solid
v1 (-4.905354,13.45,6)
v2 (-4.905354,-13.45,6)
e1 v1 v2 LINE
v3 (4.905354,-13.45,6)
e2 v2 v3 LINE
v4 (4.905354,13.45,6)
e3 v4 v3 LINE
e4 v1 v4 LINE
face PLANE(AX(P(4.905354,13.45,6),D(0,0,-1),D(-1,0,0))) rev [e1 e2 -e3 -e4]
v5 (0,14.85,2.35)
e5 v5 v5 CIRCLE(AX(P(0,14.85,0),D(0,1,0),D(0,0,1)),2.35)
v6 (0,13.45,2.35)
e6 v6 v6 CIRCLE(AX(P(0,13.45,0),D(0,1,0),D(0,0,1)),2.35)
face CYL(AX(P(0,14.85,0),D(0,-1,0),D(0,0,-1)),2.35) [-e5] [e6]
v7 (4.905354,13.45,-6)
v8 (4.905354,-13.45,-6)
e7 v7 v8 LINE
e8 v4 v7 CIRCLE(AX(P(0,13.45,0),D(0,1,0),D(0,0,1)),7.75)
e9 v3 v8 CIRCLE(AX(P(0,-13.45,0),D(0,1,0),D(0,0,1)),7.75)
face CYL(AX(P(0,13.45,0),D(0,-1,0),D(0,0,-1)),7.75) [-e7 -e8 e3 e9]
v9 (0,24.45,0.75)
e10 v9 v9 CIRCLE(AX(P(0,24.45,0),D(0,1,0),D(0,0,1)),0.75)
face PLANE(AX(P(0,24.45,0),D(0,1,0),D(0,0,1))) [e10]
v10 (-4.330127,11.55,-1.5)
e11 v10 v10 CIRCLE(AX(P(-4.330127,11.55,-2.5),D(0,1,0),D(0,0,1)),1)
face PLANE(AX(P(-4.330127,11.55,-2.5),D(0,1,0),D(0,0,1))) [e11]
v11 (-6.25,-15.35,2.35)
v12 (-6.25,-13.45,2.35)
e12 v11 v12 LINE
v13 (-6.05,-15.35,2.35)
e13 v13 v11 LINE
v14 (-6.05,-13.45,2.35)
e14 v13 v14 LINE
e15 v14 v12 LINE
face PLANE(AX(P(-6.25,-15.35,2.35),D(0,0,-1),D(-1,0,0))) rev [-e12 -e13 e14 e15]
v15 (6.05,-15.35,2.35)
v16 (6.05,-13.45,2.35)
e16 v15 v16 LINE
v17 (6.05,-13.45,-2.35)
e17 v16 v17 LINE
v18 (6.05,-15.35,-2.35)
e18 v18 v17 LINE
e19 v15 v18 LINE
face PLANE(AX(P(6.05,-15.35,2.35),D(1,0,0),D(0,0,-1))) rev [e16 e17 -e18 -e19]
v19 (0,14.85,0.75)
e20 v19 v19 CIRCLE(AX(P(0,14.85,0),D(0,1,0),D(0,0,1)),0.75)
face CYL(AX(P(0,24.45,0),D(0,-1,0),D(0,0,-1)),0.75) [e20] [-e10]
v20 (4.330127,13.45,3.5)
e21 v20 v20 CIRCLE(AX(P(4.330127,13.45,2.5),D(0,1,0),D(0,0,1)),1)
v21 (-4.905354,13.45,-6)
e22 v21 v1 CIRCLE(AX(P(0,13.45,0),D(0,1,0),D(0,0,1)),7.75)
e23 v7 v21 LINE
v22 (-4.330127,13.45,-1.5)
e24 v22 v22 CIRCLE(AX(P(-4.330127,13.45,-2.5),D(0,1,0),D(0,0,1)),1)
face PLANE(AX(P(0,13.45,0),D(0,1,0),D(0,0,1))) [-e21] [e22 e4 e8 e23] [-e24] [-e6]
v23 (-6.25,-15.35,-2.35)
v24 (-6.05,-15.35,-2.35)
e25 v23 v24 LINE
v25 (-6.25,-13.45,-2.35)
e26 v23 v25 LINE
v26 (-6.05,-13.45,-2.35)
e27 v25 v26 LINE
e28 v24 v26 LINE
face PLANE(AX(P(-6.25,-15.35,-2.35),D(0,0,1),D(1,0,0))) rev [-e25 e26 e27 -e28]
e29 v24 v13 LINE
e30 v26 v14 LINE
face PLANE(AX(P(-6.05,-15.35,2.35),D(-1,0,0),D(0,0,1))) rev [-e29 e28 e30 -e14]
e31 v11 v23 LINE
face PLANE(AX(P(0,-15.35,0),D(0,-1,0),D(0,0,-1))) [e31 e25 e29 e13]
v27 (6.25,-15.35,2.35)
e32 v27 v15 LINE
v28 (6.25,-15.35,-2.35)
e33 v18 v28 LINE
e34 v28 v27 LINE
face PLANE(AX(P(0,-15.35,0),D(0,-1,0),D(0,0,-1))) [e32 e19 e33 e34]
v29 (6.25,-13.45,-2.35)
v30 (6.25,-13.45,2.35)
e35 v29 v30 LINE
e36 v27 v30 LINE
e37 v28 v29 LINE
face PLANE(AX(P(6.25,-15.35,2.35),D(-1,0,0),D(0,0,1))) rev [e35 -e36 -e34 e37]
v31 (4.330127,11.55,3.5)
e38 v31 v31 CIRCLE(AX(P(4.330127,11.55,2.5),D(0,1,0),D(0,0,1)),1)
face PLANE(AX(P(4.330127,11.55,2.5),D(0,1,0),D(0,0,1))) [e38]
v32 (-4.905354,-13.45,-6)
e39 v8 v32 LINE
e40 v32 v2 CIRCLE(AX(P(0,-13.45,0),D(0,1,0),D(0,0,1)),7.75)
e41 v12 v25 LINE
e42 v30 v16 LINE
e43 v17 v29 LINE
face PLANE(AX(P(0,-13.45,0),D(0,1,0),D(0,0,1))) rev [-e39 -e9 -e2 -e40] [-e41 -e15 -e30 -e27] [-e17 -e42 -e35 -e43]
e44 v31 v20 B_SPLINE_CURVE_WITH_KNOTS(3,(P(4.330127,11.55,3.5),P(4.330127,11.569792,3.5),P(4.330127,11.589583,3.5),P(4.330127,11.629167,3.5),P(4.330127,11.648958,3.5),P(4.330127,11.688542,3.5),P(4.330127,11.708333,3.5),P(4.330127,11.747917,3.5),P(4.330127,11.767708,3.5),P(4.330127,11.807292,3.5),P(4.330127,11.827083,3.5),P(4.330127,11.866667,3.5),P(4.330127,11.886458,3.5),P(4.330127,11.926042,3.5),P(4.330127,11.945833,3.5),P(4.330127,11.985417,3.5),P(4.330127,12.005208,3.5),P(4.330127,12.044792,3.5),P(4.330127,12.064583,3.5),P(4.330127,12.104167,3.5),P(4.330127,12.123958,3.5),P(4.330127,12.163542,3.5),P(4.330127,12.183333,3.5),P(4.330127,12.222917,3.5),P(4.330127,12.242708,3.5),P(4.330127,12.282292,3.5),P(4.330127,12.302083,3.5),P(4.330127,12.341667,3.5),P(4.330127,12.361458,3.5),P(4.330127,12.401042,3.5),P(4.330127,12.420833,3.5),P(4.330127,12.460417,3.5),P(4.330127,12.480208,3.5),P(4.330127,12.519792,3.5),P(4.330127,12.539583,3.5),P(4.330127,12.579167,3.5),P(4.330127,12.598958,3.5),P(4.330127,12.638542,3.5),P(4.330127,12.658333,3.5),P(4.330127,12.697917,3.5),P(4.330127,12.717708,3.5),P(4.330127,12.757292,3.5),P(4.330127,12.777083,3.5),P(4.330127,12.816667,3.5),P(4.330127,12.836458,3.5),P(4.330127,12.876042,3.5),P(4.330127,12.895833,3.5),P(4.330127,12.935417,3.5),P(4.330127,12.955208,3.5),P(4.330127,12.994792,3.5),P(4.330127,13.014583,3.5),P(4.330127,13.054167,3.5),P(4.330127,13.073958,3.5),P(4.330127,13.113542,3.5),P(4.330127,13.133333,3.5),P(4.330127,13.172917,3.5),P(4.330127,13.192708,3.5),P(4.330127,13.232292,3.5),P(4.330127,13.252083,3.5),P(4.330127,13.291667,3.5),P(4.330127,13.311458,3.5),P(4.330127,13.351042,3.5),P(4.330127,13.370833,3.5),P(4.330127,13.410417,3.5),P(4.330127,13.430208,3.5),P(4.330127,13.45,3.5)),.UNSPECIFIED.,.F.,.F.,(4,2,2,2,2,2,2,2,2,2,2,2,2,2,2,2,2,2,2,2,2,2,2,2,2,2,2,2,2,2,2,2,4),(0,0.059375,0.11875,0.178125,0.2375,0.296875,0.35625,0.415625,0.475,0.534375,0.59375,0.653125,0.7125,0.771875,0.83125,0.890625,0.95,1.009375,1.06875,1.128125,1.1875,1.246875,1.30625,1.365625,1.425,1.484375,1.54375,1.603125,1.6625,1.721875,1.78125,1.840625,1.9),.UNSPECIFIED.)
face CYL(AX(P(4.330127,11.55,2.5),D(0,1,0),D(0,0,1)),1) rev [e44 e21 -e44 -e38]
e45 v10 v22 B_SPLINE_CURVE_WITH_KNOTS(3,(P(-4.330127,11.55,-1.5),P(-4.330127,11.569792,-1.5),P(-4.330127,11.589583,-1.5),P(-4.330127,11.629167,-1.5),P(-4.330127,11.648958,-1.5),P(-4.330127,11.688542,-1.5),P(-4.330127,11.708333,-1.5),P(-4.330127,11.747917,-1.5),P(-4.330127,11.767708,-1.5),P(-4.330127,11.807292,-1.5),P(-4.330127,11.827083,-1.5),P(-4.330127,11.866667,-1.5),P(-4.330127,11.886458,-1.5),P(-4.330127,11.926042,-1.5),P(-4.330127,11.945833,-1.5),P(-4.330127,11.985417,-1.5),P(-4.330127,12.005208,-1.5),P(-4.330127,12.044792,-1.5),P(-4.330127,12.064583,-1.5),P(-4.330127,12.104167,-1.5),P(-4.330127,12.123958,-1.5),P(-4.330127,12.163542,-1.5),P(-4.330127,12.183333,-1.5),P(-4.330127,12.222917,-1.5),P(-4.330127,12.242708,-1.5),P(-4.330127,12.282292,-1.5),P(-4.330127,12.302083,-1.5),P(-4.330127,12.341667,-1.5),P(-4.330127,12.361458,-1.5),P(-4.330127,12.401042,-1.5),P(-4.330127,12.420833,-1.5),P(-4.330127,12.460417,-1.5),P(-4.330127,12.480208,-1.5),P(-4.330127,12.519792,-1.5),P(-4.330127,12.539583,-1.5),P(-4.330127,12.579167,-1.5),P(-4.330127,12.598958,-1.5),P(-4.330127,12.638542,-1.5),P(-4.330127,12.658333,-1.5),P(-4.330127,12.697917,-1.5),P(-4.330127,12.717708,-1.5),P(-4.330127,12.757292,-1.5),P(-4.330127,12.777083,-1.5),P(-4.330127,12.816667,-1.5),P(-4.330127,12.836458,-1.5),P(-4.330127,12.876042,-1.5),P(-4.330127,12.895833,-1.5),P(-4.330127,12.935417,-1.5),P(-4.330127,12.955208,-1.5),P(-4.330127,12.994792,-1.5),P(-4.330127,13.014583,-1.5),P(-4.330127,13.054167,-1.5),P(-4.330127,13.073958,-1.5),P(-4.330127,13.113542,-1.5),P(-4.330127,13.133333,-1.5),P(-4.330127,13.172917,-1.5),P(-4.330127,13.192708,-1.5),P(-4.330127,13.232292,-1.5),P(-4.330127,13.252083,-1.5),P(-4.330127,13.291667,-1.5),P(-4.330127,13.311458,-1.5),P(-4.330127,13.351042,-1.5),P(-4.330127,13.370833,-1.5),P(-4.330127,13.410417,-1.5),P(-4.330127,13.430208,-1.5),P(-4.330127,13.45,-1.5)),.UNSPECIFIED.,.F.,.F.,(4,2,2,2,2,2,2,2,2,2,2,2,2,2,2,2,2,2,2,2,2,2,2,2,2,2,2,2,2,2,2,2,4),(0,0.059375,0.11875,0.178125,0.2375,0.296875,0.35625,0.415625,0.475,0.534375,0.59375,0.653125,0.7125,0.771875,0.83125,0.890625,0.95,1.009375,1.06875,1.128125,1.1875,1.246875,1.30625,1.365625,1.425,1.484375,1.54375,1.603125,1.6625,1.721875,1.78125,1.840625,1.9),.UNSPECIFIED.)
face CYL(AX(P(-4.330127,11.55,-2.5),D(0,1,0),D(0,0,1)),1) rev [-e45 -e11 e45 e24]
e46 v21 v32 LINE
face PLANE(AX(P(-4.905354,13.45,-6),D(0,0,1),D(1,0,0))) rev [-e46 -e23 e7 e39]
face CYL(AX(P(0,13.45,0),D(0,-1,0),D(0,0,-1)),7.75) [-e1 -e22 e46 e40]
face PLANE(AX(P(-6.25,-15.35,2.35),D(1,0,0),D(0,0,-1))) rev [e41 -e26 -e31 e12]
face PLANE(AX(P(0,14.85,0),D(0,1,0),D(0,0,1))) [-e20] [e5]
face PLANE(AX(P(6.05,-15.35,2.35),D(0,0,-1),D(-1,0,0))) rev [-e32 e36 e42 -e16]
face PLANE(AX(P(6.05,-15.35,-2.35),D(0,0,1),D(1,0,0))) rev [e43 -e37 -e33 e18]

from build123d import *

# Parameters (mm, degrees)
BOSS_EXTRUDE1_DEPTH = 13.45
SKETCH2_R           = 2.35
BOSS_EXTRUDE2_DEPTH = 1.4
SKETCH3_R           = 0.75
BOSS_EXTRUDE5_DEPTH = 9.6
SKETCH4_W           = 0.2
SKETCH4_H           = 4.7
BOSS_EXTRUDE6_DEPTH = 1.9
SKETCH5_R           = 1
CUT_EXTRUDE1_DEPTH  = 1.9


with BuildPart() as part:
    # Sketch1 → Boss-Extrude1 (new, symmetric)
    with BuildSketch(Plane(origin=(0, 0, 0), x_dir=(1, 0, 0), z_dir=(0, 1, 0))):
        with BuildLine():
            Line((-4.905354218, 6), (4.905354218, 6))
            ThreePointArc((4.905354218, 6), (7.75, 0), (4.905354218, -6))
            Line((4.905354218, -6), (-4.905354218, -6))
            ThreePointArc((-4.905354218, -6), (-7.75, 0), (-4.905354218, 6))
        make_face()
    extrude(amount=BOSS_EXTRUDE1_DEPTH, both=True)

    # Sketch2 → Boss-Extrude2 (add)
    with BuildSketch(Plane(origin=(0, 13.45, 0), x_dir=(1, 0, 0), z_dir=(0, 1, 0))):
        with Locations(Location((0, 0, 0), (0, 0, 270))):
            Circle(SKETCH2_R)
    extrude(amount=BOSS_EXTRUDE2_DEPTH)

    # Sketch3 → Boss-Extrude5 (add)
    with BuildSketch(Plane(origin=(0, 14.85, 0), x_dir=(1, 0, 0), z_dir=(0, 1, 0))):
        with Locations(Location((0, 0, 0), (0, 0, 270))):
            Circle(SKETCH3_R)
    extrude(amount=BOSS_EXTRUDE5_DEPTH)

    # Sketch4 → Boss-Extrude6 (add)
    with BuildSketch(Plane.XZ.offset(13.45)):
        with Locations((-6.15, 0)):
            Rectangle(SKETCH4_W, SKETCH4_H)
        with Locations((6.15, 0)):
            Rectangle(SKETCH4_W, SKETCH4_H)
    extrude(amount=BOSS_EXTRUDE6_DEPTH)

    # Sketch5 → Cut-Extrude1 (cut)
    with BuildSketch(Plane(origin=(0, 13.45, 0), x_dir=(1, 0, 0), z_dir=(0, 1, 0))):
        with Locations(Location((-4.330127019, 2.5, 0), (0, 0, 270))):
            Circle(SKETCH5_R)
        with Locations(Location((4.330127019, -2.5, 0), (0, 0, 270))):
            Circle(SKETCH5_R)
    extrude(amount=-CUT_EXTRUDE1_DEPTH, mode=Mode.SUBTRACT)


solid = part.part
